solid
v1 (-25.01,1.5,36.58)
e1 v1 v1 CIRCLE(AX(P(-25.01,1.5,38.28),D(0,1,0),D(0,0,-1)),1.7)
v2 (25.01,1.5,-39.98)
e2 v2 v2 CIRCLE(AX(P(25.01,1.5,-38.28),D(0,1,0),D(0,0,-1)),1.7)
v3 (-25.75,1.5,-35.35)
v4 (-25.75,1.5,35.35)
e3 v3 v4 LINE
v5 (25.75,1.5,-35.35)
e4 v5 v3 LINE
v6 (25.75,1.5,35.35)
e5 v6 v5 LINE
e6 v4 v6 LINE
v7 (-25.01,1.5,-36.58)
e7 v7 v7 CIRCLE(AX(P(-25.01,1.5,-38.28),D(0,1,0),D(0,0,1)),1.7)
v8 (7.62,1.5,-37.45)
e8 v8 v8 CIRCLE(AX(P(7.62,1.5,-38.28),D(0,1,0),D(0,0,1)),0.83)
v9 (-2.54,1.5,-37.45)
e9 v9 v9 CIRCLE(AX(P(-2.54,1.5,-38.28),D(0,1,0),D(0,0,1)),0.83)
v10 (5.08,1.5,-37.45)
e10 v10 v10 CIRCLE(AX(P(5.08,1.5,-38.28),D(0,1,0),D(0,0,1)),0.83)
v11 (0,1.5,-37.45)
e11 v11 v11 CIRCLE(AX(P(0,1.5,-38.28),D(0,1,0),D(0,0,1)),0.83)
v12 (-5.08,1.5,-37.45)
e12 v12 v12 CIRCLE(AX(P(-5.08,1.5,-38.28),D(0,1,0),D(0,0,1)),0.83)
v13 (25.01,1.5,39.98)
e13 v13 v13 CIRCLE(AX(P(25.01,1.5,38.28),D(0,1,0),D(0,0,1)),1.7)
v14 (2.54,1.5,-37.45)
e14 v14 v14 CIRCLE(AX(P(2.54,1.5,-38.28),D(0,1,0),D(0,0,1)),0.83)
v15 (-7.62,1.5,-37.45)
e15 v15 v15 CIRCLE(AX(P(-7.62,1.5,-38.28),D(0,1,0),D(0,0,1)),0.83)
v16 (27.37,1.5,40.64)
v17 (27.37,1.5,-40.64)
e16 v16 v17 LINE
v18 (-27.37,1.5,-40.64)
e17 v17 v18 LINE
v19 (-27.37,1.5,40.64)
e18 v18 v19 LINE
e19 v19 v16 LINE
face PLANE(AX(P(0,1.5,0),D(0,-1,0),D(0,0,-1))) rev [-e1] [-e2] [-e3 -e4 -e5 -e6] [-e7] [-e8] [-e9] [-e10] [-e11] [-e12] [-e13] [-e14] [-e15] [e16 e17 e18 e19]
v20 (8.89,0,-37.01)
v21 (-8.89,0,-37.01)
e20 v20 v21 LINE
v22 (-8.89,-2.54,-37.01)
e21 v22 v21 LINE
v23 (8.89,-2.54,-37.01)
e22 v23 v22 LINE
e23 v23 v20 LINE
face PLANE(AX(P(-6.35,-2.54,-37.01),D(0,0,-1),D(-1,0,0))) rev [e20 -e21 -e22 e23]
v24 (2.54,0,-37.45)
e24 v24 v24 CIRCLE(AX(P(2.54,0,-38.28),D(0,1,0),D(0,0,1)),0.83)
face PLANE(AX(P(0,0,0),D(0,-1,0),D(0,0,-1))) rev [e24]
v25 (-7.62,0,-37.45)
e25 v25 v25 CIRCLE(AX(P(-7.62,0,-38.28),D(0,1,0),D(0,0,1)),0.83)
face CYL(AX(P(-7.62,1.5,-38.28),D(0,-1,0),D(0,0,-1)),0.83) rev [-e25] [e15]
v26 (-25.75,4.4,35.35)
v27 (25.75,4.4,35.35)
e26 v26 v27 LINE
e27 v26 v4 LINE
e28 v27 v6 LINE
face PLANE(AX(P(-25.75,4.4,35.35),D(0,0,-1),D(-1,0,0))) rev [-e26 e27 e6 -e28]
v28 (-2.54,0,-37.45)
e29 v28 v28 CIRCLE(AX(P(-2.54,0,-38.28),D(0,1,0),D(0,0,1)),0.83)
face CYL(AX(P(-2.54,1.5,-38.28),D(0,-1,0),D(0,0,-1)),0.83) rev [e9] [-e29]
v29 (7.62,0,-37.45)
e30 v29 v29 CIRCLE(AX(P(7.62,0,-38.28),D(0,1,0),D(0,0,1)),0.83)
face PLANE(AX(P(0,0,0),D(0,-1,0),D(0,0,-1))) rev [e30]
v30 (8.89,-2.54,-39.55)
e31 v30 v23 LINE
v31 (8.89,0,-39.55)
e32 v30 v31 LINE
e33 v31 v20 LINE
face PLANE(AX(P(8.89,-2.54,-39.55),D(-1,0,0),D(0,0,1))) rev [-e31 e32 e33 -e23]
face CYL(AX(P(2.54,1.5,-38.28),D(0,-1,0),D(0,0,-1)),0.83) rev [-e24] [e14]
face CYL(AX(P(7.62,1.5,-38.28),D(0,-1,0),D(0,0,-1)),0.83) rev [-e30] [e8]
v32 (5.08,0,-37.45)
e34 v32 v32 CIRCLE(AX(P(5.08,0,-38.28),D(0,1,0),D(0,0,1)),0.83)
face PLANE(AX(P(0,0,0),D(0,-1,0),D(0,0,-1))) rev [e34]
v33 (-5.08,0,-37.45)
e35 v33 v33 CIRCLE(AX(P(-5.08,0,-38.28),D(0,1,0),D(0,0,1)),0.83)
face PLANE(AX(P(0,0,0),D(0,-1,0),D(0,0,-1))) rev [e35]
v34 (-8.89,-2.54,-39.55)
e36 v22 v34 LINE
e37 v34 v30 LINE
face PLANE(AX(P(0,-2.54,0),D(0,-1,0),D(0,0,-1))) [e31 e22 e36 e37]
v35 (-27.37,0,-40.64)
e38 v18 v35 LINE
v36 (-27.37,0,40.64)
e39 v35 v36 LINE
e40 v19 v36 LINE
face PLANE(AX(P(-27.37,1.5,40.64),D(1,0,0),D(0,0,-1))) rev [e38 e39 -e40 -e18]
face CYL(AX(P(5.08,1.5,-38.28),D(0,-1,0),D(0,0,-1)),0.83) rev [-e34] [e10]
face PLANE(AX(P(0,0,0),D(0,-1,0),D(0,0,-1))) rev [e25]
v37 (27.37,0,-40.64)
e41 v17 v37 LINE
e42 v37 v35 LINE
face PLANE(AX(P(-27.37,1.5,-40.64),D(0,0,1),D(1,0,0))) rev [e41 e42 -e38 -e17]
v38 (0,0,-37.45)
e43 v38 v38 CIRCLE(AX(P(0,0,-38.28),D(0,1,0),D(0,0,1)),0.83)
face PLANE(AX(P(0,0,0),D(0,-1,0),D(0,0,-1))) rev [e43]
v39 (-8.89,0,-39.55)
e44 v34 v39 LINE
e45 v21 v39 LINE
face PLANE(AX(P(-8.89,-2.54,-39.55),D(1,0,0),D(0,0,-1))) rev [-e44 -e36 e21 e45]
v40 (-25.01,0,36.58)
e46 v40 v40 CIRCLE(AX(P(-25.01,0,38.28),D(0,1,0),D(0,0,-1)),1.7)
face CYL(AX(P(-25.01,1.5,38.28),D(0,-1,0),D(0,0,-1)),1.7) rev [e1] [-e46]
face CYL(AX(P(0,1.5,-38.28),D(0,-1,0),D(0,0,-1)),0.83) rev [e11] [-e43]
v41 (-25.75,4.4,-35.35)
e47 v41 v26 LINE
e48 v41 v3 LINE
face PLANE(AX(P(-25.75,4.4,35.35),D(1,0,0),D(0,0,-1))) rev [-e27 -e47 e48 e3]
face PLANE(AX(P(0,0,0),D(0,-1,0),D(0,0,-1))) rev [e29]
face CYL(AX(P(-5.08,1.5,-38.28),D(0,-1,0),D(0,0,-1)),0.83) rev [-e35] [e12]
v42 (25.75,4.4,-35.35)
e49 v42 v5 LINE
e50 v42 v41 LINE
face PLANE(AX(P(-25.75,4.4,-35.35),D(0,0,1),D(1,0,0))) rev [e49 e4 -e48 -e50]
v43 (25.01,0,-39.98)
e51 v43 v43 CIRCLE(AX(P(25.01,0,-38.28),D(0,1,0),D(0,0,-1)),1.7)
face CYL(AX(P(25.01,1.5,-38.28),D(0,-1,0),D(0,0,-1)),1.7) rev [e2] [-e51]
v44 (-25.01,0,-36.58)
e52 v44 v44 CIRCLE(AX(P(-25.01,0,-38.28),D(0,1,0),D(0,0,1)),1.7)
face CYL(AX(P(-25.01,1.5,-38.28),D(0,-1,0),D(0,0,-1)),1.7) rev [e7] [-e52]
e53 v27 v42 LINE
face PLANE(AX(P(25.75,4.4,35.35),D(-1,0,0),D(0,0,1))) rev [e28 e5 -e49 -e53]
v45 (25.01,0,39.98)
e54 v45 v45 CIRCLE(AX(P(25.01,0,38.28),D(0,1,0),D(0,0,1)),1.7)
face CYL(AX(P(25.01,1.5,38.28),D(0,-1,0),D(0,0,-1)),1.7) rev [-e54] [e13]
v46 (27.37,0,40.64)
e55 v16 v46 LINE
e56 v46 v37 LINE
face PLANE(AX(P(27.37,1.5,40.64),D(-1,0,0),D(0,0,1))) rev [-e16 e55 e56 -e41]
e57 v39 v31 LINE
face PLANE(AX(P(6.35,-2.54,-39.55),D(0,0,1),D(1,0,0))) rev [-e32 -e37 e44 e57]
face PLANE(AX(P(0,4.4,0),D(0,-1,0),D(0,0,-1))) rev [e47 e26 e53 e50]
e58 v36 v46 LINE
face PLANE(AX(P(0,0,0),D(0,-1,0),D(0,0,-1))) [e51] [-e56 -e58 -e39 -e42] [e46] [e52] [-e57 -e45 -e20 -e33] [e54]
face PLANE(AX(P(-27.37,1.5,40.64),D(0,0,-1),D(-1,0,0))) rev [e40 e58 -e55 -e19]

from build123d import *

# Parameters (mm, degrees)
SKETCH1_W           = 54.74
SKETCH1_H           = 81.28
SKETCH1_R           = 1.7
SKETCH1_R_2         = 0.83
BOSS_EXTRUDE1_DEPTH = 1.5
SKETCH2_W           = 51.5
SKETCH2_H           = 70.7
BOSS_EXTRUDE2_DEPTH = 2.9
BOSS_EXTRUDE3_DEPTH = 2.54


with BuildPart() as part:
    # Sketch1 → Boss-Extrude1 (new body)
    with BuildSketch(Plane(origin=(0, 0, 0), x_dir=(1, 0, 0), z_dir=(0, 1, 0))):
        Rectangle(SKETCH1_W, SKETCH1_H)
        with Locations(Location((-25.01, 38.28, 0), (0, 0, 270))):
            Circle(SKETCH1_R, mode=Mode.SUBTRACT)
        with Locations(Location((25.01, 38.28, 0), (0, 0, 90))):
            Circle(SKETCH1_R, mode=Mode.SUBTRACT)
        with Locations(Location((-25.01, -38.28, 0), (0, 0, 90))):
            Circle(SKETCH1_R, mode=Mode.SUBTRACT)
        with Locations(Location((25.01, -38.28, 0), (0, 0, 270))):
            Circle(SKETCH1_R, mode=Mode.SUBTRACT)
        with Locations(Location((0, 38.28, 0), (0, 0, 270))):
            Circle(SKETCH1_R_2, mode=Mode.SUBTRACT)
        with Locations(Location((2.54, 38.28, 0), (0, 0, 270))):
            Circle(SKETCH1_R_2, mode=Mode.SUBTRACT)
        with Locations(Location((5.08, 38.28, 0), (0, 0, 270))):
            Circle(SKETCH1_R_2, mode=Mode.SUBTRACT)
        with Locations(Location((7.62, 38.28, 0), (0, 0, 270))):
            Circle(SKETCH1_R_2, mode=Mode.SUBTRACT)
        with Locations(Location((-2.54, 38.28, 0), (0, 0, 270))):
            Circle(SKETCH1_R_2, mode=Mode.SUBTRACT)
        with Locations(Location((-5.08, 38.28, 0), (0, 0, 270))):
            Circle(SKETCH1_R_2, mode=Mode.SUBTRACT)
        with Locations(Location((-7.62, 38.28, 0), (0, 0, 270))):
            Circle(SKETCH1_R_2, mode=Mode.SUBTRACT)
    extrude(amount=BOSS_EXTRUDE1_DEPTH)

    # Sketch2 → Boss-Extrude2 (add)
    with BuildSketch(Plane(origin=(0, 1.5, 0), x_dir=(1, 0, 0), z_dir=(0, 1, 0))):
        Rectangle(SKETCH2_W, SKETCH2_H)
    extrude(amount=BOSS_EXTRUDE2_DEPTH)

    # Sketch3 → Boss-Extrude3 (add)
    with BuildSketch(Plane.XZ):
        Polygon((-6.35, -37.01), (6.35, -37.01), (8.89, -37.01), (8.89, -39.55), (6.35, -39.55), (-6.35, -39.55), (-8.89, -39.55), (-8.89, -37.01), align=None)
    extrude(amount=BOSS_EXTRUDE3_DEPTH)


solid = part.part
